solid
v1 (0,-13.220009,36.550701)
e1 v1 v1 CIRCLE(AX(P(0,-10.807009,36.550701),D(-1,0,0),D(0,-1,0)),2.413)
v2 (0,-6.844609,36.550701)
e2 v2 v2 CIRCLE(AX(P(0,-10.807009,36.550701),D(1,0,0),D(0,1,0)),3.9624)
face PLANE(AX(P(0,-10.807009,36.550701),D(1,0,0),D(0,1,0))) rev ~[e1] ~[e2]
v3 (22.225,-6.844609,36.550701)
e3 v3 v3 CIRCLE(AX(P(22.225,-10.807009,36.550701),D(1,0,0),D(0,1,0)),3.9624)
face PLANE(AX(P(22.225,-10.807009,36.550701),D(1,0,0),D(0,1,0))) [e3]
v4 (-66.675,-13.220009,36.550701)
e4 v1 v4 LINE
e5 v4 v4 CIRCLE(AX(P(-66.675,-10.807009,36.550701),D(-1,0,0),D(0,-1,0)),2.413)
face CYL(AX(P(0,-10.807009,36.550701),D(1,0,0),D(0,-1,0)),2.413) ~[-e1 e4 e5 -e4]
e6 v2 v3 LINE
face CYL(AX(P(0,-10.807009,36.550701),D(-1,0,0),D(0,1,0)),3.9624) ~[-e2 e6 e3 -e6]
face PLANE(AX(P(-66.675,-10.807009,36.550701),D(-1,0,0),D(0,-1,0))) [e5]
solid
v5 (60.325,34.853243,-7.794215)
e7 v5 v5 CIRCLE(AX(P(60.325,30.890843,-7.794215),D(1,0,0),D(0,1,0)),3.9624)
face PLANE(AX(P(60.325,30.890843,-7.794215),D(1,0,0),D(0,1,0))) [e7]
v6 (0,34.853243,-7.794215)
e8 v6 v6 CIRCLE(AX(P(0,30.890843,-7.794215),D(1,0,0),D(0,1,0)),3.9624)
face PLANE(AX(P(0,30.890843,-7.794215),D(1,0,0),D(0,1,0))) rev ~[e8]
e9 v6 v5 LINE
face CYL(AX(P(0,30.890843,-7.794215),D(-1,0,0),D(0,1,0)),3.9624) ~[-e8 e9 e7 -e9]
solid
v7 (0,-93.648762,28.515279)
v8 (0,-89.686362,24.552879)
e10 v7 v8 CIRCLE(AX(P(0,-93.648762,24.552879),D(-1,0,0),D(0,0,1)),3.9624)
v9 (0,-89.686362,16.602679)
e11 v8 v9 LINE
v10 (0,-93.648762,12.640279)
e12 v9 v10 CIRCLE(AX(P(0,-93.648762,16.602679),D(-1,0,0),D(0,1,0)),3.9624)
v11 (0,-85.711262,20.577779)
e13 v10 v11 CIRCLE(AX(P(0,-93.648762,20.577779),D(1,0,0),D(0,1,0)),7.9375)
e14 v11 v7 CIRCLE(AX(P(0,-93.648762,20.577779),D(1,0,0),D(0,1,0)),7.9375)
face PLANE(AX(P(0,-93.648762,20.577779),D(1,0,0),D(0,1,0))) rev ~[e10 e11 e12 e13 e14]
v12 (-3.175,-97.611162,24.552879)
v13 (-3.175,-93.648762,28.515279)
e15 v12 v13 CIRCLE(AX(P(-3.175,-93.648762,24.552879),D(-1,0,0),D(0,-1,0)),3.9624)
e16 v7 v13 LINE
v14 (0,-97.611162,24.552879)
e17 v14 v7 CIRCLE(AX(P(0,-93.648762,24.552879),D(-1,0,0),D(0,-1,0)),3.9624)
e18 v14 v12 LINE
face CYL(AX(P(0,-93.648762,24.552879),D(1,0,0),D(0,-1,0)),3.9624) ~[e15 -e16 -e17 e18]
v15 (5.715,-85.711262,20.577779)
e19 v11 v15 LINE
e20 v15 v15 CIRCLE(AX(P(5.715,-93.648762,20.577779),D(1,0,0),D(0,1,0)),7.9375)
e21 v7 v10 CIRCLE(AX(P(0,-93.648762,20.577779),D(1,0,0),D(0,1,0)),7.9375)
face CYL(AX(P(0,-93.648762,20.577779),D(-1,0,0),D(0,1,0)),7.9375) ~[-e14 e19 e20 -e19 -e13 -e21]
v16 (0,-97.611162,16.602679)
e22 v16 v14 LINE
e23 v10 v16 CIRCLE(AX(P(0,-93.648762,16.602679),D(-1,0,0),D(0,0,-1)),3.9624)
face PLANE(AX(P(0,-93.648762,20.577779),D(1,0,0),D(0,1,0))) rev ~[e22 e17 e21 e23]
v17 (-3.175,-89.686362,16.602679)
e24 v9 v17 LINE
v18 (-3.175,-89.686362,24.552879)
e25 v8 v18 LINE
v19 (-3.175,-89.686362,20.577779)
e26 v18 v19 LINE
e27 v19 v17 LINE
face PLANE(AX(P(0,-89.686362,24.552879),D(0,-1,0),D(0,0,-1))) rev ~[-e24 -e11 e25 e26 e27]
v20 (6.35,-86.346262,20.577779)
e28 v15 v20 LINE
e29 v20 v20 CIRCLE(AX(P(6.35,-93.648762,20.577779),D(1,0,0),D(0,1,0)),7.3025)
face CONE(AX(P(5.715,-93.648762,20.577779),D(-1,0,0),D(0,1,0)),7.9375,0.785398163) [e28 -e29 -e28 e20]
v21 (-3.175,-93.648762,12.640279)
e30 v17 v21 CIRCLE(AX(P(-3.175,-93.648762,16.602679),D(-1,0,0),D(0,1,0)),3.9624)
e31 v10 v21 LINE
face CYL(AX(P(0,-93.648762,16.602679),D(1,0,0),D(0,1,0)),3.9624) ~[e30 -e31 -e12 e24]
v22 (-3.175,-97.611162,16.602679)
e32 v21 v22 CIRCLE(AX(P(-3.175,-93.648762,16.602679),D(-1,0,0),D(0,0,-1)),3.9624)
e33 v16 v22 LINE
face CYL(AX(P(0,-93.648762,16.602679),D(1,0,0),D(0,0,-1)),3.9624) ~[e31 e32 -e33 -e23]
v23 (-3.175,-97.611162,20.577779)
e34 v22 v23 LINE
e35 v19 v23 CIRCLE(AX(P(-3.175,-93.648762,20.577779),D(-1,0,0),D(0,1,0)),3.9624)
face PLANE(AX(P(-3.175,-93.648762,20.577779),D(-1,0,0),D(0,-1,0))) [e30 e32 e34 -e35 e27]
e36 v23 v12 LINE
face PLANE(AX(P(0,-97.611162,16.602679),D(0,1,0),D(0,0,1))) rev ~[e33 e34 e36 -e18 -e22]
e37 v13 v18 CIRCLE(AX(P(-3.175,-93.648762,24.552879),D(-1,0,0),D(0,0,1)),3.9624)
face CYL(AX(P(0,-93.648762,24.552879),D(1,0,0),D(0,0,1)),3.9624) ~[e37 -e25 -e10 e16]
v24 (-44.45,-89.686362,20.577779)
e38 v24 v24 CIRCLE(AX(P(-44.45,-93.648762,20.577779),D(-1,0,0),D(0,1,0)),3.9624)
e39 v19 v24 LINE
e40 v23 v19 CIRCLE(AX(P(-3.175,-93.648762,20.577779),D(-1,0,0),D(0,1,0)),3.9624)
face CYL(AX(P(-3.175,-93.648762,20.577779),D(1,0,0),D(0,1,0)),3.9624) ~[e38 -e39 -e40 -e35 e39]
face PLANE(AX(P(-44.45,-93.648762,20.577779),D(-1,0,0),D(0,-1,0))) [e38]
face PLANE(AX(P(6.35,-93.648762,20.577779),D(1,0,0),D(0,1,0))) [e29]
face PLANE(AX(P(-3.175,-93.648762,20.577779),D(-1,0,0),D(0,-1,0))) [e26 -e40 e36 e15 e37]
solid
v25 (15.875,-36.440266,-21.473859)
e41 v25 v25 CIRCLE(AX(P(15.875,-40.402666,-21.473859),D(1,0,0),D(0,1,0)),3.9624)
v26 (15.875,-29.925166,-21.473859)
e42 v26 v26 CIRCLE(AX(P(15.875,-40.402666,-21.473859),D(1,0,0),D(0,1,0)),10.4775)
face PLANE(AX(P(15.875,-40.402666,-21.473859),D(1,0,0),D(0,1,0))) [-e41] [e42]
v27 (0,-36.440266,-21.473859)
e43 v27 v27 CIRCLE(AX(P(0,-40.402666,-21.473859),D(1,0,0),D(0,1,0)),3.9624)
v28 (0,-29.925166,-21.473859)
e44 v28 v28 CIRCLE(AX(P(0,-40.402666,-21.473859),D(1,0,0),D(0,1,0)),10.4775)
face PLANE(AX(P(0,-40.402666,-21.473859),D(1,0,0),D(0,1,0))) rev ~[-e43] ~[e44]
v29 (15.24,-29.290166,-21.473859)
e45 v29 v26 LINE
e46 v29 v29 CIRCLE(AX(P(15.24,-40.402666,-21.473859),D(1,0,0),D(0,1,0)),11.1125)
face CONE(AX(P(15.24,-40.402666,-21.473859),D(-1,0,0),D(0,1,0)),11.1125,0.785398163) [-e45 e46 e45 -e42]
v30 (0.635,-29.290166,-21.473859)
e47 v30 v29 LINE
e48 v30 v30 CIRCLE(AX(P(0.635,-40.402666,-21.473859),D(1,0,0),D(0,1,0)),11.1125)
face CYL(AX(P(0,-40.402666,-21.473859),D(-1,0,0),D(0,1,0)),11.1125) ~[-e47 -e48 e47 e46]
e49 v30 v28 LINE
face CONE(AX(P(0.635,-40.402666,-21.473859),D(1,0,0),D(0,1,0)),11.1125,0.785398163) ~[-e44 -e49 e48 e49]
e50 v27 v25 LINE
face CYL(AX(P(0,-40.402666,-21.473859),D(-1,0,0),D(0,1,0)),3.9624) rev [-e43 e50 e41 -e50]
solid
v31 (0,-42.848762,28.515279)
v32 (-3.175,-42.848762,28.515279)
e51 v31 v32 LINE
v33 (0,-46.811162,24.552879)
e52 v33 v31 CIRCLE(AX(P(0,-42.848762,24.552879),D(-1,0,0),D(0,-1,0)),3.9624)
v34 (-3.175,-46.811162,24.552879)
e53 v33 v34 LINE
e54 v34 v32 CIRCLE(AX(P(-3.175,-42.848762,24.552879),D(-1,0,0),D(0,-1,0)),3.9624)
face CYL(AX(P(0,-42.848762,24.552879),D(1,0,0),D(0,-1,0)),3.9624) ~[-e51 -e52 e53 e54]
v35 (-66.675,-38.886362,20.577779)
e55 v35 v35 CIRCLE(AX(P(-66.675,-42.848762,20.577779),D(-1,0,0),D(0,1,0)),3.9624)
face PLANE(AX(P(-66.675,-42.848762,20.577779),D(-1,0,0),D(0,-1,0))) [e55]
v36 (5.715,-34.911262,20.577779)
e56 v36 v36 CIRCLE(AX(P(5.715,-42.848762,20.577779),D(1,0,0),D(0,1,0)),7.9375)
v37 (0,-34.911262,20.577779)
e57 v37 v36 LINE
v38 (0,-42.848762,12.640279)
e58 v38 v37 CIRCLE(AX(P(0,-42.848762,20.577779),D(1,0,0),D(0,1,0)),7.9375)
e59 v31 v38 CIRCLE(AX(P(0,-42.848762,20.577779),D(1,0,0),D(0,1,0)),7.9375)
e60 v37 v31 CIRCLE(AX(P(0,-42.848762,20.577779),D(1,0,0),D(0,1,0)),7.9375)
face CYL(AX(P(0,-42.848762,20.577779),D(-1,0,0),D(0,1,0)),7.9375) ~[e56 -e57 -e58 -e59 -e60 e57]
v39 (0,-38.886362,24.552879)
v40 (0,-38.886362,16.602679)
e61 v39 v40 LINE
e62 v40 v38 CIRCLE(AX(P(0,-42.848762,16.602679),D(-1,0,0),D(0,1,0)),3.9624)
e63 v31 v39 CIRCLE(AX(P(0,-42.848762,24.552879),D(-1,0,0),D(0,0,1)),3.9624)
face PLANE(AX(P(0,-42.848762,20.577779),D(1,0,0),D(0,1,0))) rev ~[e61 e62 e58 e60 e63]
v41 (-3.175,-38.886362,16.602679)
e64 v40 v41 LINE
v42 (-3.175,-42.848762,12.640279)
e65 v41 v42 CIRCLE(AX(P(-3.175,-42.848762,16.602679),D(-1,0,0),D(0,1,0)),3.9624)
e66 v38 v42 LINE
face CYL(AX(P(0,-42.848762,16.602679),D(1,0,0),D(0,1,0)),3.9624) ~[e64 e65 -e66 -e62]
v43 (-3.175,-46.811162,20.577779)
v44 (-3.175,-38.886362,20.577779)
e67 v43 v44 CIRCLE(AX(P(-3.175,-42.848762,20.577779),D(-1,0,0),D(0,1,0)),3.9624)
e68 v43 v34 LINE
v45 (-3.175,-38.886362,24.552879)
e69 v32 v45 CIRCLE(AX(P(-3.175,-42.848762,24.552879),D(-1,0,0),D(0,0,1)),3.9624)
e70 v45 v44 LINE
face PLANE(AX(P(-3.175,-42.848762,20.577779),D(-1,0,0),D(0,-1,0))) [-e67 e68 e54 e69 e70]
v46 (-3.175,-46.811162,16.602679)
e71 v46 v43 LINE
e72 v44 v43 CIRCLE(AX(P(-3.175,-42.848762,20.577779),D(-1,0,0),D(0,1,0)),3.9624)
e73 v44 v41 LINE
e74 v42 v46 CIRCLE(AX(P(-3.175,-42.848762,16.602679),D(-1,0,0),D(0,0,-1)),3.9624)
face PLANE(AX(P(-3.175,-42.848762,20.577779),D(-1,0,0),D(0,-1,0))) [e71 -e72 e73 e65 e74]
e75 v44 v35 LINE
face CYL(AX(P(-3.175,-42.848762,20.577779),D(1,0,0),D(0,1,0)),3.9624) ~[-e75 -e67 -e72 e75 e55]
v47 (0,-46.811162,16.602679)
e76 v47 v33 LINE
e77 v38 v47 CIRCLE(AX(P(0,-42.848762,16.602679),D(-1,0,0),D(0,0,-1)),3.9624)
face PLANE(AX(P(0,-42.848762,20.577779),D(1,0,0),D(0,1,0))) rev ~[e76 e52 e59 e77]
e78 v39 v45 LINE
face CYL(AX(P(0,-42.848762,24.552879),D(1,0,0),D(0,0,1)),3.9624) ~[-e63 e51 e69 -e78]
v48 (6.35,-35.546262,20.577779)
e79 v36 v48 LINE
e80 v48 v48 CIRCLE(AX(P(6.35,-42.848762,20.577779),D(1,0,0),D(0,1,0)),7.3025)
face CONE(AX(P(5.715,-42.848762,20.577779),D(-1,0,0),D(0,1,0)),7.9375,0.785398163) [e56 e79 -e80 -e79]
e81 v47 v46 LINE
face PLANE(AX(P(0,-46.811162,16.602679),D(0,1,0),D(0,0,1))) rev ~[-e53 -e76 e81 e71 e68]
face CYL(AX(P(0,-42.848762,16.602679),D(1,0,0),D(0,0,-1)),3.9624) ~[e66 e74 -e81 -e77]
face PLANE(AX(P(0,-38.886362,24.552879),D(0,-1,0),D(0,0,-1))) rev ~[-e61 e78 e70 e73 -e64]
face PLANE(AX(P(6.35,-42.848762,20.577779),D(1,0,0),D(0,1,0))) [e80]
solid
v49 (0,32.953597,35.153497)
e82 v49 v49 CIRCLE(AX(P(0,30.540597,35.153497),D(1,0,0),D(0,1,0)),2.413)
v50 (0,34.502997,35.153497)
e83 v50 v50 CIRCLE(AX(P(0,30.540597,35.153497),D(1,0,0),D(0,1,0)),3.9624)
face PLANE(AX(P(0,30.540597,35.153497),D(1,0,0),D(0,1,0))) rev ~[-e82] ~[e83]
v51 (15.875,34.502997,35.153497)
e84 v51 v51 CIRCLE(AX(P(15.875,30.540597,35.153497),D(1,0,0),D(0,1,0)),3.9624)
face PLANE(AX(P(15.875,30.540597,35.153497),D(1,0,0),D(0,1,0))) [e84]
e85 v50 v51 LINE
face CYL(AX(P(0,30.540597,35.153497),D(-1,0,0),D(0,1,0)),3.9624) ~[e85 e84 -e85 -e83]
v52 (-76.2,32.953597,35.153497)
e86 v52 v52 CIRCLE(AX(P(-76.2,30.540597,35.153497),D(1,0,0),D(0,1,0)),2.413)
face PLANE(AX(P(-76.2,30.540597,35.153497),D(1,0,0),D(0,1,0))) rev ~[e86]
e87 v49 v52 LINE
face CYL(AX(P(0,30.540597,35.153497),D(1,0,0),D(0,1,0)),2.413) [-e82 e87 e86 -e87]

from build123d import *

# Parameters (mm, degrees)
F0_R       = 3.9624
F1_DEPTH   = 15.875
F2_R       = 2.413
F3_DEPTH   = 76.2
F4_R       = 11.1125
F4_R_2     = 3.9624
F5_DEPTH   = 15.875
F6_SIZE    = 0.635
F7_R       = 3.9624
F8_DEPTH   = 22.225
F9_R       = 2.413
F10_DEPTH  = 66.675
F11_R      = 7.9375
F12_DEPTH  = 6.35
F14_DEPTH  = 3.175
F16_DEPTH  = 63.5
F18_DEPTH  = 22.225
F19_R      = 3.9624
F20_DEPTH  = 60.325
F21_SIZE   = 0.635
F21_2_SIZE = 0.635


with BuildPart() as f1:
    # F0 (on Right) → F1 (new body)
    with BuildSketch(Plane.YZ):
        with Locations((30.5405966938, 35.1534970105)):
            Circle(F0_R)
    extrude(amount=F1_DEPTH)

    # F2 (on Right) → F3 (join)
    with BuildSketch(Plane.YZ):
        with Locations((30.5405966938, 35.1534970105)):
            Circle(F2_R)
    extrude(amount=-F3_DEPTH)


with BuildPart() as f5:
    # F4 (on Right) → F5 (new body)
    with BuildSketch(Plane.YZ):
        with Locations((-40.4026657343, -21.4738585055)):
            Circle(F4_R)
        with Locations((-40.4026657343, -21.4738585055)):
            Circle(F4_R_2, mode=Mode.SUBTRACT)
    extrude(amount=F5_DEPTH)

    # F6
    f6_edges = [f5.edges().sort_by_distance(p)[0] for p in [
        (15.875, -51.515166, -21.473859),
        (0, -51.515166, -21.473859),
    ]]
    chamfer(f6_edges, length=F6_SIZE)


with BuildPart() as f8:
    # F7 (on Right) → F8 (new body)
    with BuildSketch(Plane.YZ):
        with Locations((-10.8070094138, 36.5507006645)):
            Circle(F7_R)
    extrude(amount=F8_DEPTH)

    # F9 (on face) → F10 (join)
    with BuildSketch(Plane(origin=(0, 0, 0), x_dir=(0, -1, 0), z_dir=(-1, 0, 0))):
        with Locations((10.8070094138, 36.5507006645)):
            Circle(F9_R)
    extrude(amount=F10_DEPTH)


with BuildPart() as f12:
    # F11 (on Right) → F12 (new body)
    with BuildSketch(Plane.YZ):
        with Locations((-42.8487621248, 20.5777790397)):
            Circle(F11_R)
    extrude(amount=F12_DEPTH)

    # F13 (on face) → F14 (join)
    with BuildSketch(Plane(origin=(0, 0, 0), x_dir=(0, -1, 0), z_dir=(-1, 0, 0))):
        with BuildLine():
            ThreePointArc((46.8111621248, 24.5528790397), (45.6506020346, 27.3547189495), (42.8487621248, 28.5152790397))
            ThreePointArc((42.8487621248, 28.5152790397), (40.046922215, 27.3547189495), (38.8863621248, 24.5528790397))
            Line((38.8863621248, 24.5528790397), (38.8863621248, 16.6026790397))
            ThreePointArc((38.8863621248, 16.6026790397), (40.046922215, 13.80083913), (42.8487621248, 12.6402790397))
            ThreePointArc((42.8487621248, 12.6402790397), (45.6506020346, 13.80083913), (46.8111621248, 16.6026790397))
            Line((46.8111621248, 16.6026790397), (46.8111621248, 24.5528790397))
        make_face()
    extrude(amount=F14_DEPTH)

    # F15 (on face) → F16 (join)
    with BuildSketch(Plane(origin=(-3.175, 0, 0), x_dir=(0, -1, 0), z_dir=(-1, 0, 0))):
        with BuildLine():
            ThreePointArc((46.8111621248, 20.5777790397), (42.8487621248, 24.5401790397), (38.8863621248, 20.5777790397))
            ThreePointArc((38.8863621248, 20.5777790397), (42.8487621248, 16.6153790397), (46.8111621248, 20.5777790397))
        make_face()
    extrude(amount=F16_DEPTH)


with BuildPart() as f17_1:
    # F17: copy of F12
    add(f12.part.moved(Location((0, -50.8, 0))))

    # F18 (cut): a face of the model
    f18_faces = [f17_1.faces().sort_by_distance(p)[0] for p in [
        (-66.675, -93.6487621248, 20.5777790397),
    ]]
    extrude(f18_faces, amount=-F18_DEPTH, mode=Mode.SUBTRACT)

    # F21#2
    f21_2_edges = [f17_1.edges().sort_by_distance(p)[0] for p in [
        (6.35, -101.586262, 20.577779),
    ]]
    chamfer(f21_2_edges, length=F21_2_SIZE)


with BuildPart() as f20:
    # F19 (on Right) → F20 (new body)
    with BuildSketch(Plane.YZ):
        with Locations((30.8908428997, -7.7942148782)):
            Circle(F19_R)
    extrude(amount=F20_DEPTH)


with BuildPart() as f12_1:
    add(f12.part)

    # F21
    f21_edges = [f12_1.edges().sort_by_distance(p)[0] for p in [
        (6.35, -50.786262, 20.577779),
    ]]
    chamfer(f21_edges, length=F21_SIZE)


solid = Compound([f1.part, f5.part, f8.part, f17_1.part, f20.part, f12_1.part])
